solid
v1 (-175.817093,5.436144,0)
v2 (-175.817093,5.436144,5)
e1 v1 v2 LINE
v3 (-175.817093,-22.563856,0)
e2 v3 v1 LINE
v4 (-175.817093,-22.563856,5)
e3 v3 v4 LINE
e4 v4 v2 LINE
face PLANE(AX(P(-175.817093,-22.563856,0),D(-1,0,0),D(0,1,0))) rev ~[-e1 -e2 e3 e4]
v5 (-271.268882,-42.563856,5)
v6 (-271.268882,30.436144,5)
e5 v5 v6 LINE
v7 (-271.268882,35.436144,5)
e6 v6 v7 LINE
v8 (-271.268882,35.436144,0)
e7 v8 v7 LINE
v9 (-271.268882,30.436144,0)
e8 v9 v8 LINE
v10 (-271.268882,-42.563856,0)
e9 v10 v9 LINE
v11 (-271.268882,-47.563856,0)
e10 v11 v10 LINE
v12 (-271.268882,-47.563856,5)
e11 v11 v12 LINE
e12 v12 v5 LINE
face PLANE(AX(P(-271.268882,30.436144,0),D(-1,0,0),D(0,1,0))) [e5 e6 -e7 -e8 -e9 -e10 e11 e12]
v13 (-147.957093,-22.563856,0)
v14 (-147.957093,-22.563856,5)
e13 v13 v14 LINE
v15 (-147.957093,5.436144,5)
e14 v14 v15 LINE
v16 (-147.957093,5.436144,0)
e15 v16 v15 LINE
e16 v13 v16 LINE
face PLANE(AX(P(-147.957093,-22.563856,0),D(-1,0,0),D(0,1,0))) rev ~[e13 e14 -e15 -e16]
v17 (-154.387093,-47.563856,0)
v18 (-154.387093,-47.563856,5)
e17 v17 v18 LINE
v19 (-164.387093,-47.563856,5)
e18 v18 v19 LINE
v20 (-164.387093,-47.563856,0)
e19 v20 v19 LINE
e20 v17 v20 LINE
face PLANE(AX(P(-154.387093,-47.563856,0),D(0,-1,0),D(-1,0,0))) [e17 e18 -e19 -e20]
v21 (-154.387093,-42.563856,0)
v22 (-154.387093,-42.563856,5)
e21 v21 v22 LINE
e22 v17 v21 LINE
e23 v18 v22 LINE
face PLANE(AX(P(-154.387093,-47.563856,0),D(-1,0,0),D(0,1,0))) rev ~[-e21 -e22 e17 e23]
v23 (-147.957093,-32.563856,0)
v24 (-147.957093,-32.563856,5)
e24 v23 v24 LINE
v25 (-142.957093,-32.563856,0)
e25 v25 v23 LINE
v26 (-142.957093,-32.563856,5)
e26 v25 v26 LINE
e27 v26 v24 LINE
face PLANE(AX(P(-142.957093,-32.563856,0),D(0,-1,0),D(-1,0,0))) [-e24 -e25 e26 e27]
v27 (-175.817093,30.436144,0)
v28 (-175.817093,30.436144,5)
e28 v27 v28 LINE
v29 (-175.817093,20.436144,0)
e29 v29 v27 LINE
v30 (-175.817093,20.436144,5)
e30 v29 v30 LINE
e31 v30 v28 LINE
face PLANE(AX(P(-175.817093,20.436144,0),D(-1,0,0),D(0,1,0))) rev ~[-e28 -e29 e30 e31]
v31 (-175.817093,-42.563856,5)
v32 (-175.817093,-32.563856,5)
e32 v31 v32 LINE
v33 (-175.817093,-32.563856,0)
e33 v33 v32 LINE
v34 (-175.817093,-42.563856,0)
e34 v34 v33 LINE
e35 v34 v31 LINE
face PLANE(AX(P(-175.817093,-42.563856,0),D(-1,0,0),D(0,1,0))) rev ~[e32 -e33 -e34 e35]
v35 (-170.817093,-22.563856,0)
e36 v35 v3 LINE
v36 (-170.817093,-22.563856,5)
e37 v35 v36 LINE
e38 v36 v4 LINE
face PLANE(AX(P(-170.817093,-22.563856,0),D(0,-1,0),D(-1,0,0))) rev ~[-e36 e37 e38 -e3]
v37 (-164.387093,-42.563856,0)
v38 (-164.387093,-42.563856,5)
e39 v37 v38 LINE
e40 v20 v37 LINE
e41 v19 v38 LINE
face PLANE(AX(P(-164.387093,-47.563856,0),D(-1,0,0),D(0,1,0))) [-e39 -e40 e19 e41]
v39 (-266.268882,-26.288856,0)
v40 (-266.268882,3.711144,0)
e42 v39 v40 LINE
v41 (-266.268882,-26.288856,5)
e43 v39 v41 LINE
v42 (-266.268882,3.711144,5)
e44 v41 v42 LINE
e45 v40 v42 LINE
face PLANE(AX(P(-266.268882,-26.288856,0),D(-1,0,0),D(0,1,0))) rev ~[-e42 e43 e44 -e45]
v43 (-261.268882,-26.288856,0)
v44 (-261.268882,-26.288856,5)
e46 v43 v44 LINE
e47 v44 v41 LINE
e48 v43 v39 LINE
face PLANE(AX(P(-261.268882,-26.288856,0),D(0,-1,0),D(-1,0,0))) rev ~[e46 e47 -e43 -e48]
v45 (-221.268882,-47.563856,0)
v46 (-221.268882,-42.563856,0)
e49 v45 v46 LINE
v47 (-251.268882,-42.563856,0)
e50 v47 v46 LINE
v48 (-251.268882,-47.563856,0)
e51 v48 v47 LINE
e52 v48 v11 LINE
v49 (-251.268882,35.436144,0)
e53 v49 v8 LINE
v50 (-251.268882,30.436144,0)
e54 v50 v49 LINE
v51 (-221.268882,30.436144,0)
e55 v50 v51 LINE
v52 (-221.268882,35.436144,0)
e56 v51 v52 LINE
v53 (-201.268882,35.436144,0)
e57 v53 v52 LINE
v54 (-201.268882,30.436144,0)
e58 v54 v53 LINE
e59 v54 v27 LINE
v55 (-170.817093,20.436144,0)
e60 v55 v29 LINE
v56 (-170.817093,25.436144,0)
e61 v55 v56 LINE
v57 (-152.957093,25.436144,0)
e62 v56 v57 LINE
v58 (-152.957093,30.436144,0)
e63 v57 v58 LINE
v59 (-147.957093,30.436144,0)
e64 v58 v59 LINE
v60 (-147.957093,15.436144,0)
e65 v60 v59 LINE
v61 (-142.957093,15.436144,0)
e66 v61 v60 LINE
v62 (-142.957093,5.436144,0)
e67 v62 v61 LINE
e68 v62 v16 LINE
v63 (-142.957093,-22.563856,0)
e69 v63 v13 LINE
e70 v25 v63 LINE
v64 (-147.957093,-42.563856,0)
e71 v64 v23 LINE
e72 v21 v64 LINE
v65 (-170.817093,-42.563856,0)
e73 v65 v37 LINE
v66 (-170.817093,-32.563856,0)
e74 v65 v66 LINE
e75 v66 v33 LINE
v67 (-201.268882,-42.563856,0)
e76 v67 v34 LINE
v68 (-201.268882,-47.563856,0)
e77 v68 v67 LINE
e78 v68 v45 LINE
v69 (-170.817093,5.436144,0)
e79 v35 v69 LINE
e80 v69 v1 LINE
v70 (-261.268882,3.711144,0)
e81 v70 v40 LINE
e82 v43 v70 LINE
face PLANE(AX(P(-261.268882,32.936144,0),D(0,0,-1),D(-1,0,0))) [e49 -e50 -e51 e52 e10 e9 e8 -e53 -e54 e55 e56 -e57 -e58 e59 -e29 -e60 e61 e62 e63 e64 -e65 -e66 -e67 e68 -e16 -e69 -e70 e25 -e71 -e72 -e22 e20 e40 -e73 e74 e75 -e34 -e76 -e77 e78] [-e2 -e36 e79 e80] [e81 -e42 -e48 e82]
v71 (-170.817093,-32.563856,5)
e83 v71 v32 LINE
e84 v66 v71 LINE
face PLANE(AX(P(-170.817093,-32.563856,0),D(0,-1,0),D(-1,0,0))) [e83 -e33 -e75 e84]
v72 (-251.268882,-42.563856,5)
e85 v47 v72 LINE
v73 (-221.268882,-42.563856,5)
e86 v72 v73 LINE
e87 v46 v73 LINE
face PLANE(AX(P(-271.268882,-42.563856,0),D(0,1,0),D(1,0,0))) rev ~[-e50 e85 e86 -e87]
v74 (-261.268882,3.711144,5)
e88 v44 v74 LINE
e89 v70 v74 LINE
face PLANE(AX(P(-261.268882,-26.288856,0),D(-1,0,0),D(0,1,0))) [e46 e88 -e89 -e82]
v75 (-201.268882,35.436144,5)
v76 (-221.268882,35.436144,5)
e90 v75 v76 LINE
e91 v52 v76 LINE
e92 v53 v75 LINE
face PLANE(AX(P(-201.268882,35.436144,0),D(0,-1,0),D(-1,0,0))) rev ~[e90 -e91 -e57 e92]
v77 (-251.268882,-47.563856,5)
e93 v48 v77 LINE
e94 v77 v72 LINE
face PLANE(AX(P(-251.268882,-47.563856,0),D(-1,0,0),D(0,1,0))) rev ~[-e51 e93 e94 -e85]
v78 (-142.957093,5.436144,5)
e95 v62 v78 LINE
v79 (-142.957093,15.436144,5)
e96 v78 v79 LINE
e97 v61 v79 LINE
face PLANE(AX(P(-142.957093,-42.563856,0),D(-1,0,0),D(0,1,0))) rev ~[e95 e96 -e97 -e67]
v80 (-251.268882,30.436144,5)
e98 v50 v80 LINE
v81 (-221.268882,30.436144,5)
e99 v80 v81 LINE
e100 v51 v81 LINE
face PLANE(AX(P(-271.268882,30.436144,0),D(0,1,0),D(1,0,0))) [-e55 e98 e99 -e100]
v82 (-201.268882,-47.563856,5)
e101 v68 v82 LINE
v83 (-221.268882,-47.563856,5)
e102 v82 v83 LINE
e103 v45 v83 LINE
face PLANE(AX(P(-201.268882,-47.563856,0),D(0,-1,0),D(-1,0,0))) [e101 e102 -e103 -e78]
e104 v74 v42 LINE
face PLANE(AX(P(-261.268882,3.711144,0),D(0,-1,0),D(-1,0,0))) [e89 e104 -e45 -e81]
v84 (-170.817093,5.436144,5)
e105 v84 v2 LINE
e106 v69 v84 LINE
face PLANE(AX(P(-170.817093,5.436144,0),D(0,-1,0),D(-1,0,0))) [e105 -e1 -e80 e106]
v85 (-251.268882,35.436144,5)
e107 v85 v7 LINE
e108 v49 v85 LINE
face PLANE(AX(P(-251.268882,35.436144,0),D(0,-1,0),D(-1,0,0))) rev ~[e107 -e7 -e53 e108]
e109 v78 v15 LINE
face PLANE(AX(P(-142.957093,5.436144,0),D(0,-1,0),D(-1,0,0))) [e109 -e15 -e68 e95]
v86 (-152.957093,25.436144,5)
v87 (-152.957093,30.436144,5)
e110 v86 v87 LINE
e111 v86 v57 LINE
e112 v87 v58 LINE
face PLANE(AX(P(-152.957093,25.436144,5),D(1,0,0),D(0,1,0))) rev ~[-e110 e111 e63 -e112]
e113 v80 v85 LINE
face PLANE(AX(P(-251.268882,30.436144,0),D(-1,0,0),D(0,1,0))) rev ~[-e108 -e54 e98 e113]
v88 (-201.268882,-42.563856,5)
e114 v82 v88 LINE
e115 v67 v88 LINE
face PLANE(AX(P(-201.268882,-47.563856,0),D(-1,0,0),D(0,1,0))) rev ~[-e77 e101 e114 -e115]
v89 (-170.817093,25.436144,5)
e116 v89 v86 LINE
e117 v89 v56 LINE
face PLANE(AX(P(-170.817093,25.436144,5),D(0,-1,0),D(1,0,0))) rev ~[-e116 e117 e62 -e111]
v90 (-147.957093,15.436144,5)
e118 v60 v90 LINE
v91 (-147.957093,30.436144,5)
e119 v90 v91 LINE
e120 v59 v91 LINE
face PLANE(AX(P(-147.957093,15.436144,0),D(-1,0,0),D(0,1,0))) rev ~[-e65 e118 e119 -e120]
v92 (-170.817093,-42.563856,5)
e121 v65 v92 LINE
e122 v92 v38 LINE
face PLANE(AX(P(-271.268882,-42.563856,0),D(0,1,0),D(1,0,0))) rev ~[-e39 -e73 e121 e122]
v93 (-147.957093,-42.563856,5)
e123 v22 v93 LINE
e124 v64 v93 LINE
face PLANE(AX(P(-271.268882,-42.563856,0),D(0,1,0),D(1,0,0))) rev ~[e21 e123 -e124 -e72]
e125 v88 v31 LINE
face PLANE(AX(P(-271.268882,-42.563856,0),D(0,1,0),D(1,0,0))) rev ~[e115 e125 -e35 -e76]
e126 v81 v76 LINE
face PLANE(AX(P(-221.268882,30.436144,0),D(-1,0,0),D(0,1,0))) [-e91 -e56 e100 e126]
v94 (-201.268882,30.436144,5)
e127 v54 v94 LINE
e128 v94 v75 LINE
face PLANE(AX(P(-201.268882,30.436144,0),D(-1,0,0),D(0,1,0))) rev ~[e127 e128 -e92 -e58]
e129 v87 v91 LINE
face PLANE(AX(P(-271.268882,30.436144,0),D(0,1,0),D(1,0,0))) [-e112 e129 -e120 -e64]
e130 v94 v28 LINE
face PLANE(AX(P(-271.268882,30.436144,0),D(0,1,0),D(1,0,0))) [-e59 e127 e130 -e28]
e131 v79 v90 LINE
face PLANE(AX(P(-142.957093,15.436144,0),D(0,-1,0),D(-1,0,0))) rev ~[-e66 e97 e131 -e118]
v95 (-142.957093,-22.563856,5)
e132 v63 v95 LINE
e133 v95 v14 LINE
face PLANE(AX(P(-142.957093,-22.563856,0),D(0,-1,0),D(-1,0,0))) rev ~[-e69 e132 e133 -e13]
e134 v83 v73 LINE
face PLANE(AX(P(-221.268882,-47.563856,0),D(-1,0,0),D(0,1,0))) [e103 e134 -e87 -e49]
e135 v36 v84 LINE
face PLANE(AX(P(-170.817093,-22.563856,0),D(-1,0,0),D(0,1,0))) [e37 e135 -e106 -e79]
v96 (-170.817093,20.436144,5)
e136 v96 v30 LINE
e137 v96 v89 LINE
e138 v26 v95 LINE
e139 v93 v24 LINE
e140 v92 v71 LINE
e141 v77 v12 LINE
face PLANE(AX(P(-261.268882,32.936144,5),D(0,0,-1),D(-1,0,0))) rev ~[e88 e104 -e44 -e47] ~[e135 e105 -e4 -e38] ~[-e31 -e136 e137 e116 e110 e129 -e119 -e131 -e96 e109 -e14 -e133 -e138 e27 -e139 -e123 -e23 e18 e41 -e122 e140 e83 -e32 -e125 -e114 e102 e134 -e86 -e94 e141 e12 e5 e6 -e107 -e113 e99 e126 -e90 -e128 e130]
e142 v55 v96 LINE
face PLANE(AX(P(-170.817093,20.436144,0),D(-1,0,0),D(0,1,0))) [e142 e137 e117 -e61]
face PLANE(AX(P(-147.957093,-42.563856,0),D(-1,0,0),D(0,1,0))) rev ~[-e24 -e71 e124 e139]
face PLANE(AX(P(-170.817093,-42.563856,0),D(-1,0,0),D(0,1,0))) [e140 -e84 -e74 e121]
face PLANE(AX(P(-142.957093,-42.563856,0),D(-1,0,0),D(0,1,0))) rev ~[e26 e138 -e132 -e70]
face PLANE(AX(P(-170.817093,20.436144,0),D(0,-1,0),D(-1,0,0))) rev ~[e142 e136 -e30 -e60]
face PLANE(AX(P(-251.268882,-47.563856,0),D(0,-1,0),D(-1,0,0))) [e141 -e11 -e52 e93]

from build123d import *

# Parameters (mm, degrees)
ESQUISSE1_W             = 128.311788567
ESQUISSE1_H             = 73
BOSS_EXTRU_1_DEPTH      = 5
ESQUISSE3_W             = 5
ESQUISSE3_H             = 10
ESQUISSE3_H_2           = 28
ESQUISSE3_H_3           = 15
ESQUISSE3_H_4           = 30
ENL_V_MAT_EXTRU_1_DEPTH = 5
ESQUISSE4_W             = 17.86
ESQUISSE4_H             = 5
ENL_V_MAT_EXTRU_2_DEPTH = 5
ESQUISSE5_W             = 20
ESQUISSE5_H             = 5
ESQUISSE5_W_2           = 10
BOSS_EXTRU_2_DEPTH      = 5


with BuildPart() as part:
    # Esquisse1 → Boss.-Extru.1 (new body)
    with BuildSketch(Plane.XY):
        with Locations((-207.112987496, -6.063856407)):
            Rectangle(ESQUISSE1_W, ESQUISSE1_H)
    extrude(amount=BOSS_EXTRU_1_DEPTH)

    # Esquisse3 → Enlèv. mat.-Extru.1 (cut)
    with BuildSketch(Plane(origin=(0, 0, 0), x_dir=(-1, 0, 0), z_dir=(0, 0, -1))):
        with Locations((173.317093212, 25.436143593)):
            Rectangle(ESQUISSE3_W, ESQUISSE3_H)
        with Locations((173.317093212, -8.563856407)):
            Rectangle(ESQUISSE3_W, ESQUISSE3_H_2)
        with Locations((173.317093212, -37.563856407)):
            Rectangle(ESQUISSE3_W, ESQUISSE3_H)
        with Locations((145.457093212, 22.936143593)):
            Rectangle(ESQUISSE3_W, ESQUISSE3_H_3)
        with Locations((145.457093212, -8.563856407)):
            Rectangle(ESQUISSE3_W, ESQUISSE3_H_2)
        with Locations((145.457093212, -37.563856407)):
            Rectangle(ESQUISSE3_W, ESQUISSE3_H)
        with Locations((263.768881779, -11.288856407)):
            Rectangle(ESQUISSE3_W, ESQUISSE3_H_4)
    extrude(amount=-ENL_V_MAT_EXTRU_1_DEPTH, mode=Mode.SUBTRACT)

    # Esquisse4 → Enlèv. mat.-Extru.2 (cut)
    with BuildSketch(Plane.XY.offset(5)):
        with Locations((-161.887093212, 27.936143593)):
            Rectangle(ESQUISSE4_W, ESQUISSE4_H)
    extrude(amount=-ENL_V_MAT_EXTRU_2_DEPTH, mode=Mode.SUBTRACT)

    # Esquisse5 → Boss.-Extru.2 (add)
    with BuildSketch(Plane(origin=(0, 0, 0), x_dir=(-1, 0, 0), z_dir=(0, 0, -1))):
        with Locations((211.268881779, 32.936143593)):
            Rectangle(ESQUISSE5_W, ESQUISSE5_H)
        with Locations((261.268881779, 32.936143593)):
            Rectangle(ESQUISSE5_W, ESQUISSE5_H)
        with Locations((261.268881779, -45.063856407)):
            Rectangle(ESQUISSE5_W, ESQUISSE5_H)
        with Locations((211.268881779, -45.063856407)):
            Rectangle(ESQUISSE5_W, ESQUISSE5_H)
        with Locations((159.387093212, -45.063856407)):
            Rectangle(ESQUISSE5_W_2, ESQUISSE5_H)
    extrude(amount=-BOSS_EXTRU_2_DEPTH)


solid = part.part
